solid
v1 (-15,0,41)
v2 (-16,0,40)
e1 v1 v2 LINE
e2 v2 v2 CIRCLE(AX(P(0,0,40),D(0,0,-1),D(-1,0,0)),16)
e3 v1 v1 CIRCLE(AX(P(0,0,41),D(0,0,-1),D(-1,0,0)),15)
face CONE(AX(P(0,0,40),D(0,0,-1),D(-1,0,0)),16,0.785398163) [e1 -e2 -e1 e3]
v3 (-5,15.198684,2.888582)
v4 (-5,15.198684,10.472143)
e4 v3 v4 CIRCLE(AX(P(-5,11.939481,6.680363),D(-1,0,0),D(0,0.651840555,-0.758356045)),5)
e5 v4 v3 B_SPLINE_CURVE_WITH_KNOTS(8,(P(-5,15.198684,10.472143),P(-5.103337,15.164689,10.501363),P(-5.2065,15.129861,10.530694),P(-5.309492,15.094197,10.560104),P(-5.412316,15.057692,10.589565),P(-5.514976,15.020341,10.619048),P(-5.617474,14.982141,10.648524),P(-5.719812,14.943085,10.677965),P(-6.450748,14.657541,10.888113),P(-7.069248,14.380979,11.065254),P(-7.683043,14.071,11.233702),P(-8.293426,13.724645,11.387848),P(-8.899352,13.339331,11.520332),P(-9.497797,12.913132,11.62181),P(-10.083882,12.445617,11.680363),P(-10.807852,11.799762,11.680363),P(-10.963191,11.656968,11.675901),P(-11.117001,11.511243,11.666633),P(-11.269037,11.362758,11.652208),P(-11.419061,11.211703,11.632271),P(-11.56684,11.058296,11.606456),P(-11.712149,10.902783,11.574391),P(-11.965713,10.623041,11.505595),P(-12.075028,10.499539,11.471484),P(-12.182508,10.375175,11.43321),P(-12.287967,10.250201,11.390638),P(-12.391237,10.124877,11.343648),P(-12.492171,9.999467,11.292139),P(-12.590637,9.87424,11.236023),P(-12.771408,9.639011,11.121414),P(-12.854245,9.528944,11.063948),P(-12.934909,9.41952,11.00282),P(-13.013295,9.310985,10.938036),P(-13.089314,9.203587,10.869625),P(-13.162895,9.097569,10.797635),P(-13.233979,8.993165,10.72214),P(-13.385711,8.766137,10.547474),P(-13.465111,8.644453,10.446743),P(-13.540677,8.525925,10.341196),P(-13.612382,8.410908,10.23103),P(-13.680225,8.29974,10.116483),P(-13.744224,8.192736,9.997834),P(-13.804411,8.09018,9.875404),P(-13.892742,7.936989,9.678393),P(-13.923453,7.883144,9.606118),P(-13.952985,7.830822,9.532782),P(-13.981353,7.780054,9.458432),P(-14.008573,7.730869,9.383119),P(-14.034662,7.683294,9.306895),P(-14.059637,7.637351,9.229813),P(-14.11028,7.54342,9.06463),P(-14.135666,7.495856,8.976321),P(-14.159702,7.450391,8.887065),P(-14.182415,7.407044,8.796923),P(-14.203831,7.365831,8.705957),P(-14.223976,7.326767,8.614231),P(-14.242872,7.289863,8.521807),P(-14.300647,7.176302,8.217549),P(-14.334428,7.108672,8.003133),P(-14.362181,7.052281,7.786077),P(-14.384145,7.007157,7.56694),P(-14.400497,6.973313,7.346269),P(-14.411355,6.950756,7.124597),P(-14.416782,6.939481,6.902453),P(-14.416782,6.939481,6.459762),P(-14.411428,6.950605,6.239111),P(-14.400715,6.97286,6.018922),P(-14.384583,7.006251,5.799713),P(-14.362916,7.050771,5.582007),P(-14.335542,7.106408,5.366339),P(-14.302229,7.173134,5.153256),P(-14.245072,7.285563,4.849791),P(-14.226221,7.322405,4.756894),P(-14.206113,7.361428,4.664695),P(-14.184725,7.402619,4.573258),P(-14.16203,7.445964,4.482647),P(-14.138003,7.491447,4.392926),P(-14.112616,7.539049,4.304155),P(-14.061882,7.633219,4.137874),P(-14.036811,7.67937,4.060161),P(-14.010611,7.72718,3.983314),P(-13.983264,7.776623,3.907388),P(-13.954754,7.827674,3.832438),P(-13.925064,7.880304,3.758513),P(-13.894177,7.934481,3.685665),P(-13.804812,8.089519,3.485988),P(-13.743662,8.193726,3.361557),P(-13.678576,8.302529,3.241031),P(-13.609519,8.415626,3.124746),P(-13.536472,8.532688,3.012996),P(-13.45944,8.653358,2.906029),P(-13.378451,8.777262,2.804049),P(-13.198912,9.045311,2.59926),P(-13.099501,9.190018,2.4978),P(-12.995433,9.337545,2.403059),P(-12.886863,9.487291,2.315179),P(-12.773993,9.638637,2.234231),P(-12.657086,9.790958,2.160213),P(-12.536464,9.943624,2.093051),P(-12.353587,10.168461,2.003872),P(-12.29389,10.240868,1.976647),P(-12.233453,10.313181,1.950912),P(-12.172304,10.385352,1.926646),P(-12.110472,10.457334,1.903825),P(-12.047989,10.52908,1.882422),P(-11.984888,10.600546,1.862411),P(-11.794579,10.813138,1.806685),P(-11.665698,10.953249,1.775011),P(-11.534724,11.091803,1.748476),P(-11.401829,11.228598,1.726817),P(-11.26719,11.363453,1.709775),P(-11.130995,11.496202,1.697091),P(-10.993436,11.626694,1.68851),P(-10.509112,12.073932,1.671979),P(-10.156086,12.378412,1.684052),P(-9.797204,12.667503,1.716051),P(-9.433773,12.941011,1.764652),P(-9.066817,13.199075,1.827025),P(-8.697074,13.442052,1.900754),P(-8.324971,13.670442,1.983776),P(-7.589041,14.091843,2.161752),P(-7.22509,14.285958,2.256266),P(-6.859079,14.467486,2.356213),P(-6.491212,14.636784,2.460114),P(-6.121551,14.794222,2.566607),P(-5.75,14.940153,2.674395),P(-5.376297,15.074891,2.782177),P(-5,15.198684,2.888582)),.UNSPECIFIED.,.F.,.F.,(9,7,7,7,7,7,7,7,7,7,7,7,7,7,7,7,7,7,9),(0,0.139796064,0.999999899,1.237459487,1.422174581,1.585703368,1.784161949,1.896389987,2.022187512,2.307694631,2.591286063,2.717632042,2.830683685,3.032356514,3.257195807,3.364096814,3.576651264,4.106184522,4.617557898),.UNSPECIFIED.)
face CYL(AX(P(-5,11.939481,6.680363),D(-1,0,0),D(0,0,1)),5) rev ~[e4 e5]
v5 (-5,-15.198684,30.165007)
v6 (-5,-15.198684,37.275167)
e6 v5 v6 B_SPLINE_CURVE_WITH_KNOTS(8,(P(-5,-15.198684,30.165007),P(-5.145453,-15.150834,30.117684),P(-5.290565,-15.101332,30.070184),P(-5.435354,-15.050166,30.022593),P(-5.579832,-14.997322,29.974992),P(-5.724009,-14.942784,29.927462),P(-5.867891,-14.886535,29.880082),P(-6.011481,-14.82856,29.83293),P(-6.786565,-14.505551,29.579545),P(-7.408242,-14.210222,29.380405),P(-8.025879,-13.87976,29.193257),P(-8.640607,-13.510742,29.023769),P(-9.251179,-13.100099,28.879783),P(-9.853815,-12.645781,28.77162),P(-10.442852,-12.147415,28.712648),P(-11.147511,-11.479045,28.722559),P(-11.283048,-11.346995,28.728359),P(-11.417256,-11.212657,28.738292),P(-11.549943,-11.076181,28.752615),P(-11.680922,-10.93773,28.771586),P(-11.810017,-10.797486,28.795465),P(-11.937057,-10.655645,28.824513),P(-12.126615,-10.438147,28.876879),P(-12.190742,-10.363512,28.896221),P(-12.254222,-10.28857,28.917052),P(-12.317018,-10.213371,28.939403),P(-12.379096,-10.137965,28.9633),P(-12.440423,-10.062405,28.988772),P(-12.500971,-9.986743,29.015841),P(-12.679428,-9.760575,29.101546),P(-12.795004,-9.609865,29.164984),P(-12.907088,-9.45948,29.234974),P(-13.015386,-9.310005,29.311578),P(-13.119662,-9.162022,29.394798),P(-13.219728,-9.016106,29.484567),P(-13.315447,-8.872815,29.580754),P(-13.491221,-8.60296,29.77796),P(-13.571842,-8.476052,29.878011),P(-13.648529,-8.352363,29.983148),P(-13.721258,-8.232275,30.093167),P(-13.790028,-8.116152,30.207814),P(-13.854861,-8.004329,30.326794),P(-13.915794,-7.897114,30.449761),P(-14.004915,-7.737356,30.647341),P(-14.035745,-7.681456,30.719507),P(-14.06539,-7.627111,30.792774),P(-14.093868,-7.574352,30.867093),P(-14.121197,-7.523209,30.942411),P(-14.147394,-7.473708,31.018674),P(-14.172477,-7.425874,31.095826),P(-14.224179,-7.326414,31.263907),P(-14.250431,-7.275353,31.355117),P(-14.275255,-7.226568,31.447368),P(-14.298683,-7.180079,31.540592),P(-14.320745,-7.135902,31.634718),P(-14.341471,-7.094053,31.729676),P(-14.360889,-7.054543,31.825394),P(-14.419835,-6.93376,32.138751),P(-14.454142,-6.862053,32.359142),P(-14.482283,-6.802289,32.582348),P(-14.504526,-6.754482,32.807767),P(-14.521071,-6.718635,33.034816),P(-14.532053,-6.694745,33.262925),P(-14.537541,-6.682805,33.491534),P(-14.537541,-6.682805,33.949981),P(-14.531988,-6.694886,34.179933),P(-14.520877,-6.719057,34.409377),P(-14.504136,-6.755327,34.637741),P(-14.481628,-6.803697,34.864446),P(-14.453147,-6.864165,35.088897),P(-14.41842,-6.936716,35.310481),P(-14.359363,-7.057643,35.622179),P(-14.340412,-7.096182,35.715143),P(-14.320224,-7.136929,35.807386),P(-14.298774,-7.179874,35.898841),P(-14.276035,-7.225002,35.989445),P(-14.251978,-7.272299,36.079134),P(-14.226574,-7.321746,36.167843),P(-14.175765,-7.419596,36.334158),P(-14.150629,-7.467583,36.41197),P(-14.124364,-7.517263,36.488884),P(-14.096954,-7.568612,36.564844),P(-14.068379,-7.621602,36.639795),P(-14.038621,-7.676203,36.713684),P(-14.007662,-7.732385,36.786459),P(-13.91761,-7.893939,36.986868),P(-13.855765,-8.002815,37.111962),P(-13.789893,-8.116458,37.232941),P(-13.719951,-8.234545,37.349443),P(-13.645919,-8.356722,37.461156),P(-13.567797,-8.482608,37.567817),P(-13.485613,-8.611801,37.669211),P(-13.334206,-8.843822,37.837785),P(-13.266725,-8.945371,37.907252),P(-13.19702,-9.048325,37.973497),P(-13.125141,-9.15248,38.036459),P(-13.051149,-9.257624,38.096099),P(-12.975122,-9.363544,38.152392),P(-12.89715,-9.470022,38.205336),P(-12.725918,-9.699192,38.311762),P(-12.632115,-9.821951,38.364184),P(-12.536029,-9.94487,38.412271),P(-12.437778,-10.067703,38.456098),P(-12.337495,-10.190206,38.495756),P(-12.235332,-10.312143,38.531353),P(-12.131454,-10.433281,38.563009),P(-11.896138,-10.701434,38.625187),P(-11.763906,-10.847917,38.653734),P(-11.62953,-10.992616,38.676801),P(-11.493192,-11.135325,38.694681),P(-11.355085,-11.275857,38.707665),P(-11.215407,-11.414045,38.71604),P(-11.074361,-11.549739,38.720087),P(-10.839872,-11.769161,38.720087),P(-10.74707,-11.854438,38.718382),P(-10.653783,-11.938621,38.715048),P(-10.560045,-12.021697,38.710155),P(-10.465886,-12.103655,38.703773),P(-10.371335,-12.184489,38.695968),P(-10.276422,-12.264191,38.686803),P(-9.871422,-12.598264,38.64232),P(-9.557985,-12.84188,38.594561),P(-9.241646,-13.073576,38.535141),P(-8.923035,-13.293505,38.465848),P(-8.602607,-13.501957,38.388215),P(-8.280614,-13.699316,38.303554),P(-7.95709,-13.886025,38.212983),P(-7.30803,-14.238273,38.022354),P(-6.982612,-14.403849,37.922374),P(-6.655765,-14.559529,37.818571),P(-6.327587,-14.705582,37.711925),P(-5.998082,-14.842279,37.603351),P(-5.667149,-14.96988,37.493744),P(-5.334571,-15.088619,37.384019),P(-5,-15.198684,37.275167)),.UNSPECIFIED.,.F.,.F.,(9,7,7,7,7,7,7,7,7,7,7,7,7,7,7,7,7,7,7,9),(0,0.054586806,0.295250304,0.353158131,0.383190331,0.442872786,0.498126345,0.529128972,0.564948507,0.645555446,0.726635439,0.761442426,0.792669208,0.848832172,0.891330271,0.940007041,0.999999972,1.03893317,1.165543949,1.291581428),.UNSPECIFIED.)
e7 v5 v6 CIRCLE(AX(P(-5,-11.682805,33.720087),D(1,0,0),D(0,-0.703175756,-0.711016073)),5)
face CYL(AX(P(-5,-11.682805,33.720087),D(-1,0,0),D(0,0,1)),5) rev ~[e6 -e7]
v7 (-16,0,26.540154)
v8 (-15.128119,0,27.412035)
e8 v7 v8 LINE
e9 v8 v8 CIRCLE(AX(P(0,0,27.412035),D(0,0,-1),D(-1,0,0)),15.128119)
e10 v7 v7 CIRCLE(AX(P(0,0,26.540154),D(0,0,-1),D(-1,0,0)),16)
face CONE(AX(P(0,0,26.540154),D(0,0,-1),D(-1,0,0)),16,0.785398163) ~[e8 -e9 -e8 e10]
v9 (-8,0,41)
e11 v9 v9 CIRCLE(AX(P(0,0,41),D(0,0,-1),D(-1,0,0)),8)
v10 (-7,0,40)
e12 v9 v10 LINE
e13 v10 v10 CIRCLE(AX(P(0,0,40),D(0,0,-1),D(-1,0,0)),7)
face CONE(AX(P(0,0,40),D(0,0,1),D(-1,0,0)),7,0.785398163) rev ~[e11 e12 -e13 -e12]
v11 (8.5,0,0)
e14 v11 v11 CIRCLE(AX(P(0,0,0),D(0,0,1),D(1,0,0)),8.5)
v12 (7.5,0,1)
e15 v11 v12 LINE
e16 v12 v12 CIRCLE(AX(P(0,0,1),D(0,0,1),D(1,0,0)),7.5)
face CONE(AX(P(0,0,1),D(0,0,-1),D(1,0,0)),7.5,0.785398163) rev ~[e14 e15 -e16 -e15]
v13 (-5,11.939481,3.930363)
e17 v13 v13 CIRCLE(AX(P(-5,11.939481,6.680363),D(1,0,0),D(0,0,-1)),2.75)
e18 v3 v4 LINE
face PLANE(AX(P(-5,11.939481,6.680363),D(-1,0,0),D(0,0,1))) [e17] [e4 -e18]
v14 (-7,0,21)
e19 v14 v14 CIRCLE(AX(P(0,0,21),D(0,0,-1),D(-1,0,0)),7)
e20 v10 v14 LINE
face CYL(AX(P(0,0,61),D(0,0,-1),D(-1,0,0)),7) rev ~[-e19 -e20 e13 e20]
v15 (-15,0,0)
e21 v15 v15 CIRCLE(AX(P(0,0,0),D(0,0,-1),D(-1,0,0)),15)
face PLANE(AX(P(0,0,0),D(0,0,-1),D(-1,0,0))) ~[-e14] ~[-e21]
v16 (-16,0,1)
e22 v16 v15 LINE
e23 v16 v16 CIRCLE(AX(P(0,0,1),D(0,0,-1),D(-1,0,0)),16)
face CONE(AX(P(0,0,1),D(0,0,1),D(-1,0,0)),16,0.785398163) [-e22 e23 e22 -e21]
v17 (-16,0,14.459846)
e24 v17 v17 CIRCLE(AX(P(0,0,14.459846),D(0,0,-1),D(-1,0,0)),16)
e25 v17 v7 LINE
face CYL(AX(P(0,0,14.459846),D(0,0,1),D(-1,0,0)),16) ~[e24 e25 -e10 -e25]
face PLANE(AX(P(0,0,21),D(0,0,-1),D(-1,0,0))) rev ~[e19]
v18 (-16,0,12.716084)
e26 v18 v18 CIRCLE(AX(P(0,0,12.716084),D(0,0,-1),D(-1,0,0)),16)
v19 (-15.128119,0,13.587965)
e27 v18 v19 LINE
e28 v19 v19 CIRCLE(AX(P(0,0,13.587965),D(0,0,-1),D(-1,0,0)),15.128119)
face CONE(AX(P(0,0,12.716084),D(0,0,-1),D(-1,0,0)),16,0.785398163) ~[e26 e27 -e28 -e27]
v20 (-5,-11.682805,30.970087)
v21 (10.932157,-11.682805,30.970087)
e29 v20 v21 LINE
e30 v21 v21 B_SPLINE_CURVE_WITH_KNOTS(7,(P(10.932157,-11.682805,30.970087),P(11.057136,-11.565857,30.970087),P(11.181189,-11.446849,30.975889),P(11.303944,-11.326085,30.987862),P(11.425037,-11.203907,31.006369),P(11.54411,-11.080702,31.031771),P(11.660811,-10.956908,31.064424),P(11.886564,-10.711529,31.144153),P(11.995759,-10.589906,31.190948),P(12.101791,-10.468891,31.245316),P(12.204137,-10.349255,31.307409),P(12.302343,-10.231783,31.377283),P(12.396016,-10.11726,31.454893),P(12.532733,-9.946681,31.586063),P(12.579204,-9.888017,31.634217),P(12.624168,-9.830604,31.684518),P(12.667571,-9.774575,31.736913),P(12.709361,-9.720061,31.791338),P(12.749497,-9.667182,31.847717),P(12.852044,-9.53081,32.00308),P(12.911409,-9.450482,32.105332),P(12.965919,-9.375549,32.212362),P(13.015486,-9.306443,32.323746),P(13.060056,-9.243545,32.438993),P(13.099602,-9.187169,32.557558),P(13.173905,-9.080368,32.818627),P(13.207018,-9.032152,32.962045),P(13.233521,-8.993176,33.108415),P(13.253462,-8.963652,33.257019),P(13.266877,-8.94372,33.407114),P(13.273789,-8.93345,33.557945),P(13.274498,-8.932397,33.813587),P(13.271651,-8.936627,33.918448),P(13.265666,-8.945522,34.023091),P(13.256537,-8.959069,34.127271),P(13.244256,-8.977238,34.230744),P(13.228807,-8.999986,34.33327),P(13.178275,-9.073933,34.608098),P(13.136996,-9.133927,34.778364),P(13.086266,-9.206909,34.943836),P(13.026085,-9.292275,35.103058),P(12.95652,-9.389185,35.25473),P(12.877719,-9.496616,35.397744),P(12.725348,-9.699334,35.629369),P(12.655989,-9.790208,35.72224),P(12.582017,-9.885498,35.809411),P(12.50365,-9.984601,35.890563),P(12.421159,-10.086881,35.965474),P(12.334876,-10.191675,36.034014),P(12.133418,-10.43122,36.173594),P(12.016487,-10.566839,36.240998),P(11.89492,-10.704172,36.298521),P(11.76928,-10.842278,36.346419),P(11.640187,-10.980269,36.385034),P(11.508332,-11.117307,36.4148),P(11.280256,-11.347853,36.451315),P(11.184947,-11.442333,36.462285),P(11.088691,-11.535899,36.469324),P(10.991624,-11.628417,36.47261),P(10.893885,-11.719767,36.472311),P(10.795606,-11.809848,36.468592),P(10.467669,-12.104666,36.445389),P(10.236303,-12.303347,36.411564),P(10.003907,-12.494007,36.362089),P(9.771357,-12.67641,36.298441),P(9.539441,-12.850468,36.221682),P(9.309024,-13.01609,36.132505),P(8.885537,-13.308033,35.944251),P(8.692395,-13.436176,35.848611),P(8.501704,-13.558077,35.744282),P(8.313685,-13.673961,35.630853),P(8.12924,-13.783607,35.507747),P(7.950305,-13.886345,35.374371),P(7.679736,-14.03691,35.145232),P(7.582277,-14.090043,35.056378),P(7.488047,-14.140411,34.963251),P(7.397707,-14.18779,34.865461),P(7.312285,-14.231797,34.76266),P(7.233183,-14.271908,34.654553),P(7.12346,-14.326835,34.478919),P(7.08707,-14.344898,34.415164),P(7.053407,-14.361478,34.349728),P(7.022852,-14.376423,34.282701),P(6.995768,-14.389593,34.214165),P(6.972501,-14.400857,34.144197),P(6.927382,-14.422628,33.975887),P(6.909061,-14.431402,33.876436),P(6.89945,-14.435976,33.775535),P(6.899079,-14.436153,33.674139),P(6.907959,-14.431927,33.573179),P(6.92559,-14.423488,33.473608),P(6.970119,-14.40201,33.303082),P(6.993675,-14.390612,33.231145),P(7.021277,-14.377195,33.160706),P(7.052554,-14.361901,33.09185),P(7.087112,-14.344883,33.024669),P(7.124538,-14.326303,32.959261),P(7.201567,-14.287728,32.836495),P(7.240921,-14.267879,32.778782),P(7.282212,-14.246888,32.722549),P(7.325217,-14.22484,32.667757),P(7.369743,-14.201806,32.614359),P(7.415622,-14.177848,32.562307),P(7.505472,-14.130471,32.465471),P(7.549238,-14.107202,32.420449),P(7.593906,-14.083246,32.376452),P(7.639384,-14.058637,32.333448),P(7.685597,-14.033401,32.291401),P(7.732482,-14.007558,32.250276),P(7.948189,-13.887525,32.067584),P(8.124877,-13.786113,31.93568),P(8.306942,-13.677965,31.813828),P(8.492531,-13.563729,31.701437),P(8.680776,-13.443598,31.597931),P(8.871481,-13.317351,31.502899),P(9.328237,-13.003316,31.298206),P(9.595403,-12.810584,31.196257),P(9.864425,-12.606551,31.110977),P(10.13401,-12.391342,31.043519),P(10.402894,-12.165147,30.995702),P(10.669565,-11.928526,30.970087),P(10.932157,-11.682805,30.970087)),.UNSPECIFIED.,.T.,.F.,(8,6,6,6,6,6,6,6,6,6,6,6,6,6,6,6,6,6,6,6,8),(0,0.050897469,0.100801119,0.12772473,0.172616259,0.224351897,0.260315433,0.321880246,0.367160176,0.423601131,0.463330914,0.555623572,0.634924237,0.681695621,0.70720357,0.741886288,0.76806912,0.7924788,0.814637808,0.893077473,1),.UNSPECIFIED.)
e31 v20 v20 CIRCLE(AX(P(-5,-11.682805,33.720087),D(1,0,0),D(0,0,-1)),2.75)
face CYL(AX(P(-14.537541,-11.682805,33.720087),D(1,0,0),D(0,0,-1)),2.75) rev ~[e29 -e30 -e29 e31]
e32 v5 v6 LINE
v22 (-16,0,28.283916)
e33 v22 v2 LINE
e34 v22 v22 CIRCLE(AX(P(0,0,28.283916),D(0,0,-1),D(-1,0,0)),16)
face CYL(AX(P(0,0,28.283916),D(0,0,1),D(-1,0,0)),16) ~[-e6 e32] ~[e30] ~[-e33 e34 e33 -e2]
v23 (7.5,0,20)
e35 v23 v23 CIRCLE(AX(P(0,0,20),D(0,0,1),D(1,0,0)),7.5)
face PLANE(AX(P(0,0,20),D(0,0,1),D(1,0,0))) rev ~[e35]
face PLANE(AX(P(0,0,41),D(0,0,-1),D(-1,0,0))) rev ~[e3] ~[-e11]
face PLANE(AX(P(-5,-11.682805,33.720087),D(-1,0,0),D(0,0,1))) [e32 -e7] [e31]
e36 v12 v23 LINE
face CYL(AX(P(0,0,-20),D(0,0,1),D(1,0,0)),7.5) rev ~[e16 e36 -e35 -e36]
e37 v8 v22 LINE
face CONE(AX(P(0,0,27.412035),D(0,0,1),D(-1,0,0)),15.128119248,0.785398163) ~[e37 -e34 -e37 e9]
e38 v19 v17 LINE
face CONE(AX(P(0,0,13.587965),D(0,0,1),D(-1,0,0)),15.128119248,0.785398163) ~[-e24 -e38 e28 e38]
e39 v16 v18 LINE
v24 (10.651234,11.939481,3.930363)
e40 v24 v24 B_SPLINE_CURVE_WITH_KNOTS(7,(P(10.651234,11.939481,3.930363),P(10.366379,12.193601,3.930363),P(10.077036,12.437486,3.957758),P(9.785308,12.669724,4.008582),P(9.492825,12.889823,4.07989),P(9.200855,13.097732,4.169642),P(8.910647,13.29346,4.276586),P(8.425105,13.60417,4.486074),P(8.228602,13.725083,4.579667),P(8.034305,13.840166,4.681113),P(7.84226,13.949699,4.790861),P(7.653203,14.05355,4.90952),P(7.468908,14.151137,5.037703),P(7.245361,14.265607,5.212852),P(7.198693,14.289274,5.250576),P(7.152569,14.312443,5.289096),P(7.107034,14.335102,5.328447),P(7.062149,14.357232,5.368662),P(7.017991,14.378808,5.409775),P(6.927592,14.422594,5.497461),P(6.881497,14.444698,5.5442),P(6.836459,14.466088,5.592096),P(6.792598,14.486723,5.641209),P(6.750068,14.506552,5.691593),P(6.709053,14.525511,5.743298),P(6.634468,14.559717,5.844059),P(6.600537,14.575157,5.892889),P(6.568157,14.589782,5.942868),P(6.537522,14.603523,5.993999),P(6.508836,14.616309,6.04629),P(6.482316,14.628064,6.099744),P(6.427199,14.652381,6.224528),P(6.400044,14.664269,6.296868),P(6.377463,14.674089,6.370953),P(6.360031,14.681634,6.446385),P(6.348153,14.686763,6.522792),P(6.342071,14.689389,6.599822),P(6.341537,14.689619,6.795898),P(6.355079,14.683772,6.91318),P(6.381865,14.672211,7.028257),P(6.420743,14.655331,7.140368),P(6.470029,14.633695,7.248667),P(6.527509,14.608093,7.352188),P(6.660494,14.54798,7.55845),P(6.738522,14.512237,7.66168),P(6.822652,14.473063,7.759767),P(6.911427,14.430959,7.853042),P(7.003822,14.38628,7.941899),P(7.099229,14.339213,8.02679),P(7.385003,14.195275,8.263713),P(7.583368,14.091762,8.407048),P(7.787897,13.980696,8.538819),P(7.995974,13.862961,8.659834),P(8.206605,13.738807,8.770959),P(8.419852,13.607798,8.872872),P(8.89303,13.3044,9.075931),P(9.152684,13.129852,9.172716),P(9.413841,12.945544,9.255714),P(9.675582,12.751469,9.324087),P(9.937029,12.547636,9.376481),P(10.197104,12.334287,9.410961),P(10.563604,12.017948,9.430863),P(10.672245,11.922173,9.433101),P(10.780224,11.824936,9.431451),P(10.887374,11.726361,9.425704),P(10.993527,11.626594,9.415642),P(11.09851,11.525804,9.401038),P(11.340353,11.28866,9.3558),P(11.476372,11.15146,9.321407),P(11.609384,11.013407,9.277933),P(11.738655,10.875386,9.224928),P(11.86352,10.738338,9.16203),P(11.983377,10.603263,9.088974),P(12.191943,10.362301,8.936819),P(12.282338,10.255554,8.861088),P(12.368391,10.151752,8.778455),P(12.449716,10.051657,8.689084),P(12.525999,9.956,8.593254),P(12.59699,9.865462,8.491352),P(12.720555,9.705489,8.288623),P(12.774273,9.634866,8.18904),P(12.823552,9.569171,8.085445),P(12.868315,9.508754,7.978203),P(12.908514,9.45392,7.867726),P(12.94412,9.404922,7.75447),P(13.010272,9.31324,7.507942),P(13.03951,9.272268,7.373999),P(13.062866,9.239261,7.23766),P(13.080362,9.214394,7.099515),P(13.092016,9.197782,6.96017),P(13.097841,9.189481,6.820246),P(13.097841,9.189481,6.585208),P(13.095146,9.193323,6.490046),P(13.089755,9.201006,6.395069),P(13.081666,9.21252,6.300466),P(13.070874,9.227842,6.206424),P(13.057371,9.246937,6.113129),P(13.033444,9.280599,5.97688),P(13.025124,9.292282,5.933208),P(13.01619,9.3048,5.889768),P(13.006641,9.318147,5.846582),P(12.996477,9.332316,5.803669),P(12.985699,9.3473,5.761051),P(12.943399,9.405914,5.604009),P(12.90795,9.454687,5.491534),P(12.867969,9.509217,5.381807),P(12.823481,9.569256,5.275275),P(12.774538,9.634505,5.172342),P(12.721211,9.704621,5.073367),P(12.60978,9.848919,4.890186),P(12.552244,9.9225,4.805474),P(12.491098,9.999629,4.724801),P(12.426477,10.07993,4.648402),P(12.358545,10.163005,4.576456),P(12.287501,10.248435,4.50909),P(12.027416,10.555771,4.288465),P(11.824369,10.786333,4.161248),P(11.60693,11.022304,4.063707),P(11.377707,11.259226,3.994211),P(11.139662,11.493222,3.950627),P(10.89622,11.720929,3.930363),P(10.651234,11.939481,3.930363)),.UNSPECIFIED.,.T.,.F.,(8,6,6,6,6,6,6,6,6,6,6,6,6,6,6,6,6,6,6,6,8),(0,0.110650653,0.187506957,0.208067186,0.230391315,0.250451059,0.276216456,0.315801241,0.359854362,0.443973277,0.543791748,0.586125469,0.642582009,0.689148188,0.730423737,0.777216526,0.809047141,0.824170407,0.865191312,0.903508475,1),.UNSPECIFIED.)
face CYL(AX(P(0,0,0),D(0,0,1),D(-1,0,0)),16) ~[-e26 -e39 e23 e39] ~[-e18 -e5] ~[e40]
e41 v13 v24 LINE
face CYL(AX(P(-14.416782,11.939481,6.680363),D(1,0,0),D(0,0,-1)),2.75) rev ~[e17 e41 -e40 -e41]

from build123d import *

# Parameters (mm, degrees)
HOLE_WIZARD_M5_1_D           = 5.5
HOLE_WIZARD_M5_1_DEPTH       = 30.416781825
HOLE_WIZARD_M5_1_CBORE_D     = 10
HOLE_WIZARD_M5_1_CBORE_DEPTH = 9.416781825
HOLE_WIZARD_M5_2_D           = 5.5
HOLE_WIZARD_M5_2_DEPTH       = 30.537541482
HOLE_WIZARD_M5_2_CBORE_D     = 10
HOLE_WIZARD_M5_2_CBORE_DEPTH = 9.537541482
HOLE_WIZARD_15_0_15_1_D      = 15
HOLE_WIZARD_15_0_15_1_DEPTH  = 20
HOLE_WIZARD_14_0_14_1_D      = 14
HOLE_WIZARD_14_0_14_1_DEPTH  = 20
CHAMFER_1_SIZE               = 1


with BuildPart() as part:
    # 草图1 → 旋转1 (revolve)
    with BuildSketch(Plane.XZ, mode=Mode.PRIVATE) as revolve_1_sk:
        Polygon((16, 41), (0, 41), (0, 0), (16, 0), (16, 12.716084229), (15.128119248, 13.587964981), (16, 14.459845733), (16, 26.540154267), (15.128119248, 27.412035019), (16, 28.283915771), align=None)
    revolve(revolve_1_sk.sketch.rotate(Axis((0, 0, 41), (0, 0, -1)), 180), axis=Axis((0, 0, 41), (0, 0, -1)))

    # M5 六角头螺栓的柱形沉头孔1
    with Locations(Plane.ZY.offset(14.416781825)):
        with Locations((6.680362699, 11.93948138)):
            CounterBoreHole(HOLE_WIZARD_M5_1_D / 2, HOLE_WIZARD_M5_1_CBORE_D / 2, HOLE_WIZARD_M5_1_CBORE_DEPTH, depth=HOLE_WIZARD_M5_1_DEPTH)

    # M5 六角头螺栓的柱形沉头孔2
    with Locations(Plane.ZY.offset(14.537541482)):
        with Locations((33.720086876, -11.682805373)):
            CounterBoreHole(HOLE_WIZARD_M5_2_D / 2, HOLE_WIZARD_M5_2_CBORE_D / 2, HOLE_WIZARD_M5_2_CBORE_DEPTH, depth=HOLE_WIZARD_M5_2_DEPTH)

    # Ø15.0 (15) 直径孔1
    with Locations(Plane(origin=(0, 0, 0), x_dir=(-1, 0, 0), z_dir=(0, 0, -1))):
        with Locations((0, 0)):
            Hole(HOLE_WIZARD_15_0_15_1_D / 2, depth=HOLE_WIZARD_15_0_15_1_DEPTH)

    # Ø14.0 (14) 直径孔1
    with Locations(Plane.XY.offset(41)):
        with Locations((0, 0)):
            Hole(HOLE_WIZARD_14_0_14_1_D / 2, depth=HOLE_WIZARD_14_0_14_1_DEPTH)

    # 倒角1
    chamfer_1_edges = [part.edges().sort_by_distance(p)[0] for p in [
        (16, 0, 0),
        (16, 0, 41),
        (-7.5, 0, 0),
        (7, 0, 41),
    ]]
    chamfer(chamfer_1_edges, length=CHAMFER_1_SIZE)


solid = part.part
